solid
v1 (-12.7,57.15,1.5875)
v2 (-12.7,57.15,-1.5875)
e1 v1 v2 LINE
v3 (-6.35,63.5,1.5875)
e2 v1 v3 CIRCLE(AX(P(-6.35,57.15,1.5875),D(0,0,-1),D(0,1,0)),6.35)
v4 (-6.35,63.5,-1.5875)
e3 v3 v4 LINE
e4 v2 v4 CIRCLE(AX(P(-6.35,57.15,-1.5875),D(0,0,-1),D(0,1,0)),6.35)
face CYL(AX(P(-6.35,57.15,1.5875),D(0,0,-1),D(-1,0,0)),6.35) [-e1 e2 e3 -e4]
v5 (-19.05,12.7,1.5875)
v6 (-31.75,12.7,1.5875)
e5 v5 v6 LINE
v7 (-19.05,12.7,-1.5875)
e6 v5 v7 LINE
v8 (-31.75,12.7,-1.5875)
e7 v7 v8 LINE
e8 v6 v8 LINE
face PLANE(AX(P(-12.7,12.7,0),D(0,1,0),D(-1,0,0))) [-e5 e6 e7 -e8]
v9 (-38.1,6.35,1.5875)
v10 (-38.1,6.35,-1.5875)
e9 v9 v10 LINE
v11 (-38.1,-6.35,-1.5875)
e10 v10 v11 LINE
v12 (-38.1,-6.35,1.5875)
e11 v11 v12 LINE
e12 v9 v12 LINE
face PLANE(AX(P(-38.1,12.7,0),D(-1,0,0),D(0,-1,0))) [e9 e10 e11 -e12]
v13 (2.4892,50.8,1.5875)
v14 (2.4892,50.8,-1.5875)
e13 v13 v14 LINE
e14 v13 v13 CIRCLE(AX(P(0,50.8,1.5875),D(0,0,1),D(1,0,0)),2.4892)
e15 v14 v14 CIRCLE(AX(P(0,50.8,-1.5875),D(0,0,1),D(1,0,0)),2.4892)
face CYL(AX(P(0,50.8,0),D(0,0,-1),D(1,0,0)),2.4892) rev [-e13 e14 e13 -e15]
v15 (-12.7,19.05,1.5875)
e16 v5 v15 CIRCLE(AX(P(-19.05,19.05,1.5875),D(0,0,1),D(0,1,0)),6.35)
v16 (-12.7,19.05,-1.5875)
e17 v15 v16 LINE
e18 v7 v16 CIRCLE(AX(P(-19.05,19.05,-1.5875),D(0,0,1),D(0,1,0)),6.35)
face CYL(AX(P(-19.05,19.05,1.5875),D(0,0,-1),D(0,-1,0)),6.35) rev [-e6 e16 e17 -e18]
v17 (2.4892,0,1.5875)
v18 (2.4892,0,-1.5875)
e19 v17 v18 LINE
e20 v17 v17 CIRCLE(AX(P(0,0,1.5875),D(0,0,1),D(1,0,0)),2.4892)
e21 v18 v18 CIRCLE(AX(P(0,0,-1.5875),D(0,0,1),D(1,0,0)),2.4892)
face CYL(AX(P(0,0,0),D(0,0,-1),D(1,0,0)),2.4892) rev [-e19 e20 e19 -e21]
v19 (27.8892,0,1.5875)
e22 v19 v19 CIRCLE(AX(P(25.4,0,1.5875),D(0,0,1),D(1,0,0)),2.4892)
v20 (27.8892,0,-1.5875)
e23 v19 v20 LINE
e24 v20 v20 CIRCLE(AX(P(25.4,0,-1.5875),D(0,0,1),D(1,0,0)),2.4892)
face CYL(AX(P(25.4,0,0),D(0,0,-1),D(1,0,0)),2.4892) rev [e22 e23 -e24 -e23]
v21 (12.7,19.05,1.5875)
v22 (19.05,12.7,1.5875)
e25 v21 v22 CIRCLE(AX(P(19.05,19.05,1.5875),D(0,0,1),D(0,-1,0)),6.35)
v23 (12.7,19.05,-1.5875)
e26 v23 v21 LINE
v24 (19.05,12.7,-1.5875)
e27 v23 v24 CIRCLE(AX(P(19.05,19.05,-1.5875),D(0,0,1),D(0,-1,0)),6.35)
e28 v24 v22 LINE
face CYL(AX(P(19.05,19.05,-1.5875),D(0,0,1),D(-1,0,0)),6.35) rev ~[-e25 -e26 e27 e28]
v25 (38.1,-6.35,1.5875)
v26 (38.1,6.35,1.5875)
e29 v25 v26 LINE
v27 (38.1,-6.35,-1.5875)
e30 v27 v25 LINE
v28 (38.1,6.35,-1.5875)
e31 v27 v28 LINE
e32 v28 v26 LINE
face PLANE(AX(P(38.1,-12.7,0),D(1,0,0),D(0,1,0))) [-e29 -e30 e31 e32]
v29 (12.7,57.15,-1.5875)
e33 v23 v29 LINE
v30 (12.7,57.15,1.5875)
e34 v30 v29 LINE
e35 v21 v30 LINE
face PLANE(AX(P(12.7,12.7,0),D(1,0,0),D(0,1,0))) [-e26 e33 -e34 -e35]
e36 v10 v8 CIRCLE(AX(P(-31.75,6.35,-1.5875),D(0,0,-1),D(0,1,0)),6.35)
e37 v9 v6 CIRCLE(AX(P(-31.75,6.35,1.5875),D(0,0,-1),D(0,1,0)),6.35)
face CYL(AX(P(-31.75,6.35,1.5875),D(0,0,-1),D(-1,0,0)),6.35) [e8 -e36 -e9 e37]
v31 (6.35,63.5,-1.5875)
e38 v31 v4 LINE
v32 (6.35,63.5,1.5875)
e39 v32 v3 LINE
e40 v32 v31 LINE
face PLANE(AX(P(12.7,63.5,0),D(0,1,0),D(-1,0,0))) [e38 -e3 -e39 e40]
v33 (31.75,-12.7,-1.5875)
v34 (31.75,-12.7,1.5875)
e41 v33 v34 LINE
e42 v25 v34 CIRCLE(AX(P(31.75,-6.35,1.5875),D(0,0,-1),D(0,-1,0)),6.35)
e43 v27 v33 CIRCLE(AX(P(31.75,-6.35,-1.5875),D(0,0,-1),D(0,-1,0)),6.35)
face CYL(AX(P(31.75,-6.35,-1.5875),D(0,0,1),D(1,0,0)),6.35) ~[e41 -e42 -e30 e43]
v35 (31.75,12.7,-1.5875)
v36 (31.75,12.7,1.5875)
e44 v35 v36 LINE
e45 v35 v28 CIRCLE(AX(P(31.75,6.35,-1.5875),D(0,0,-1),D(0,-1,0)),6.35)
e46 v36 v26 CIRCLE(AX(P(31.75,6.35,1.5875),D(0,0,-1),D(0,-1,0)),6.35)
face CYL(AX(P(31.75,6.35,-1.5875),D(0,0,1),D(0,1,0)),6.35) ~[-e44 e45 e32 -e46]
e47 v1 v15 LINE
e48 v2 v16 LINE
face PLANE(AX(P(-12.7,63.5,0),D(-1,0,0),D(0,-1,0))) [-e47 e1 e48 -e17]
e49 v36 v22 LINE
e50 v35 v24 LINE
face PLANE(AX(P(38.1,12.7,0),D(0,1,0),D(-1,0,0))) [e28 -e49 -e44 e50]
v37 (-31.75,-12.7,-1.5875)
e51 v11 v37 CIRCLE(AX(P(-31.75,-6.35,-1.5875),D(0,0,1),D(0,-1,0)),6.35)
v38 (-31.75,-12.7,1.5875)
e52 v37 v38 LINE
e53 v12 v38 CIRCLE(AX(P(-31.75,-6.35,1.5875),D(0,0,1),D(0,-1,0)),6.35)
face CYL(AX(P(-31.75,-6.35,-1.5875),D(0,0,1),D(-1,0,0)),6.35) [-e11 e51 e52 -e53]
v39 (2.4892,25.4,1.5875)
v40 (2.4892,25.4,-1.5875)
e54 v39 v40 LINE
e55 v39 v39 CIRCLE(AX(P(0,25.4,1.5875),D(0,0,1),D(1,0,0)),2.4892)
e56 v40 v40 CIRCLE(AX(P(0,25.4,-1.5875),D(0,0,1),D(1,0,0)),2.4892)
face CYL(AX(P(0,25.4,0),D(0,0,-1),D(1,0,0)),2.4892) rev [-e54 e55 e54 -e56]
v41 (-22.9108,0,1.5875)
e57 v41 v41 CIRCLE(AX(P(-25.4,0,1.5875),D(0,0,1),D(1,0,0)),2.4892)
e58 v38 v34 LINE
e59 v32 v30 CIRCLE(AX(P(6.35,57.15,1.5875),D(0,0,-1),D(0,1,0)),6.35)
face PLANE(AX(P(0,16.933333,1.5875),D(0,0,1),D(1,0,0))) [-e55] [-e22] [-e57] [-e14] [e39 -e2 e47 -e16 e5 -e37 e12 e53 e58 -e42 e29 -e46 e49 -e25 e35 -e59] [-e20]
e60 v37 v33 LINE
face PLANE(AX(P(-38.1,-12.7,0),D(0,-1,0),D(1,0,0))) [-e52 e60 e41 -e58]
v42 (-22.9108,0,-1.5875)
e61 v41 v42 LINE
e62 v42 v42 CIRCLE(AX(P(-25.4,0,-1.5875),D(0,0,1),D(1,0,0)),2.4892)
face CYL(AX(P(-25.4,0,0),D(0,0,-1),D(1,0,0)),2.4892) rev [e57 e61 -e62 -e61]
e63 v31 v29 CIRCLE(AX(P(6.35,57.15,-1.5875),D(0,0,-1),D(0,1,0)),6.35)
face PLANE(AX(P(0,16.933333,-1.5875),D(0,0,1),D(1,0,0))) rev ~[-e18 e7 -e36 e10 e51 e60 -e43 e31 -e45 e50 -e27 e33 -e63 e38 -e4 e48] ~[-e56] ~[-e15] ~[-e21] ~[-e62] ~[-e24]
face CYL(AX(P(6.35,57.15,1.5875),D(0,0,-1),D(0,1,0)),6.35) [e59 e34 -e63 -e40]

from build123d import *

# Parameters (mm, degrees)
F0_R     = 2.4892
F1_DEPTH = 1.5875
F2_R     = 6.35


with BuildPart() as f1:
    # F0 (on Top) → F1 (new body, symmetric)
    with BuildSketch(Plane.XY):
        Polygon((-38.1, 12.7), (-38.1, -12.7), (38.1, -12.7), (38.1, 12.7), (12.7, 12.7), (12.7, 63.5), (-12.7, 63.5), (-12.7, 12.7), align=None)
        with Locations((-25.4, 0)):
            Circle(F0_R, mode=Mode.SUBTRACT)
        Circle(F0_R, mode=Mode.SUBTRACT)
        with Locations((25.4, 0)):
            Circle(F0_R, mode=Mode.SUBTRACT)
        with Locations((0, 25.4)):
            Circle(F0_R, mode=Mode.SUBTRACT)
        with Locations((0, 50.8)):
            Circle(F0_R, mode=Mode.SUBTRACT)
    extrude(amount=F1_DEPTH, both=True)

    # F2
    f2_edges = [f1.edges().sort_by_distance(p)[0] for p in [
        (-12.7, 12.7, 0),
        (-12.7, 63.5, 0),
        (12.7, 63.5, 0),
        (12.7, 12.7, 0),
        (38.1, 12.7, 0),
        (38.1, -12.7, 0),
        (-38.1, -12.7, 0),
        (-38.1, 12.7, 0),
    ]]
    fillet(f2_edges, radius=F2_R)


solid = f1.part
